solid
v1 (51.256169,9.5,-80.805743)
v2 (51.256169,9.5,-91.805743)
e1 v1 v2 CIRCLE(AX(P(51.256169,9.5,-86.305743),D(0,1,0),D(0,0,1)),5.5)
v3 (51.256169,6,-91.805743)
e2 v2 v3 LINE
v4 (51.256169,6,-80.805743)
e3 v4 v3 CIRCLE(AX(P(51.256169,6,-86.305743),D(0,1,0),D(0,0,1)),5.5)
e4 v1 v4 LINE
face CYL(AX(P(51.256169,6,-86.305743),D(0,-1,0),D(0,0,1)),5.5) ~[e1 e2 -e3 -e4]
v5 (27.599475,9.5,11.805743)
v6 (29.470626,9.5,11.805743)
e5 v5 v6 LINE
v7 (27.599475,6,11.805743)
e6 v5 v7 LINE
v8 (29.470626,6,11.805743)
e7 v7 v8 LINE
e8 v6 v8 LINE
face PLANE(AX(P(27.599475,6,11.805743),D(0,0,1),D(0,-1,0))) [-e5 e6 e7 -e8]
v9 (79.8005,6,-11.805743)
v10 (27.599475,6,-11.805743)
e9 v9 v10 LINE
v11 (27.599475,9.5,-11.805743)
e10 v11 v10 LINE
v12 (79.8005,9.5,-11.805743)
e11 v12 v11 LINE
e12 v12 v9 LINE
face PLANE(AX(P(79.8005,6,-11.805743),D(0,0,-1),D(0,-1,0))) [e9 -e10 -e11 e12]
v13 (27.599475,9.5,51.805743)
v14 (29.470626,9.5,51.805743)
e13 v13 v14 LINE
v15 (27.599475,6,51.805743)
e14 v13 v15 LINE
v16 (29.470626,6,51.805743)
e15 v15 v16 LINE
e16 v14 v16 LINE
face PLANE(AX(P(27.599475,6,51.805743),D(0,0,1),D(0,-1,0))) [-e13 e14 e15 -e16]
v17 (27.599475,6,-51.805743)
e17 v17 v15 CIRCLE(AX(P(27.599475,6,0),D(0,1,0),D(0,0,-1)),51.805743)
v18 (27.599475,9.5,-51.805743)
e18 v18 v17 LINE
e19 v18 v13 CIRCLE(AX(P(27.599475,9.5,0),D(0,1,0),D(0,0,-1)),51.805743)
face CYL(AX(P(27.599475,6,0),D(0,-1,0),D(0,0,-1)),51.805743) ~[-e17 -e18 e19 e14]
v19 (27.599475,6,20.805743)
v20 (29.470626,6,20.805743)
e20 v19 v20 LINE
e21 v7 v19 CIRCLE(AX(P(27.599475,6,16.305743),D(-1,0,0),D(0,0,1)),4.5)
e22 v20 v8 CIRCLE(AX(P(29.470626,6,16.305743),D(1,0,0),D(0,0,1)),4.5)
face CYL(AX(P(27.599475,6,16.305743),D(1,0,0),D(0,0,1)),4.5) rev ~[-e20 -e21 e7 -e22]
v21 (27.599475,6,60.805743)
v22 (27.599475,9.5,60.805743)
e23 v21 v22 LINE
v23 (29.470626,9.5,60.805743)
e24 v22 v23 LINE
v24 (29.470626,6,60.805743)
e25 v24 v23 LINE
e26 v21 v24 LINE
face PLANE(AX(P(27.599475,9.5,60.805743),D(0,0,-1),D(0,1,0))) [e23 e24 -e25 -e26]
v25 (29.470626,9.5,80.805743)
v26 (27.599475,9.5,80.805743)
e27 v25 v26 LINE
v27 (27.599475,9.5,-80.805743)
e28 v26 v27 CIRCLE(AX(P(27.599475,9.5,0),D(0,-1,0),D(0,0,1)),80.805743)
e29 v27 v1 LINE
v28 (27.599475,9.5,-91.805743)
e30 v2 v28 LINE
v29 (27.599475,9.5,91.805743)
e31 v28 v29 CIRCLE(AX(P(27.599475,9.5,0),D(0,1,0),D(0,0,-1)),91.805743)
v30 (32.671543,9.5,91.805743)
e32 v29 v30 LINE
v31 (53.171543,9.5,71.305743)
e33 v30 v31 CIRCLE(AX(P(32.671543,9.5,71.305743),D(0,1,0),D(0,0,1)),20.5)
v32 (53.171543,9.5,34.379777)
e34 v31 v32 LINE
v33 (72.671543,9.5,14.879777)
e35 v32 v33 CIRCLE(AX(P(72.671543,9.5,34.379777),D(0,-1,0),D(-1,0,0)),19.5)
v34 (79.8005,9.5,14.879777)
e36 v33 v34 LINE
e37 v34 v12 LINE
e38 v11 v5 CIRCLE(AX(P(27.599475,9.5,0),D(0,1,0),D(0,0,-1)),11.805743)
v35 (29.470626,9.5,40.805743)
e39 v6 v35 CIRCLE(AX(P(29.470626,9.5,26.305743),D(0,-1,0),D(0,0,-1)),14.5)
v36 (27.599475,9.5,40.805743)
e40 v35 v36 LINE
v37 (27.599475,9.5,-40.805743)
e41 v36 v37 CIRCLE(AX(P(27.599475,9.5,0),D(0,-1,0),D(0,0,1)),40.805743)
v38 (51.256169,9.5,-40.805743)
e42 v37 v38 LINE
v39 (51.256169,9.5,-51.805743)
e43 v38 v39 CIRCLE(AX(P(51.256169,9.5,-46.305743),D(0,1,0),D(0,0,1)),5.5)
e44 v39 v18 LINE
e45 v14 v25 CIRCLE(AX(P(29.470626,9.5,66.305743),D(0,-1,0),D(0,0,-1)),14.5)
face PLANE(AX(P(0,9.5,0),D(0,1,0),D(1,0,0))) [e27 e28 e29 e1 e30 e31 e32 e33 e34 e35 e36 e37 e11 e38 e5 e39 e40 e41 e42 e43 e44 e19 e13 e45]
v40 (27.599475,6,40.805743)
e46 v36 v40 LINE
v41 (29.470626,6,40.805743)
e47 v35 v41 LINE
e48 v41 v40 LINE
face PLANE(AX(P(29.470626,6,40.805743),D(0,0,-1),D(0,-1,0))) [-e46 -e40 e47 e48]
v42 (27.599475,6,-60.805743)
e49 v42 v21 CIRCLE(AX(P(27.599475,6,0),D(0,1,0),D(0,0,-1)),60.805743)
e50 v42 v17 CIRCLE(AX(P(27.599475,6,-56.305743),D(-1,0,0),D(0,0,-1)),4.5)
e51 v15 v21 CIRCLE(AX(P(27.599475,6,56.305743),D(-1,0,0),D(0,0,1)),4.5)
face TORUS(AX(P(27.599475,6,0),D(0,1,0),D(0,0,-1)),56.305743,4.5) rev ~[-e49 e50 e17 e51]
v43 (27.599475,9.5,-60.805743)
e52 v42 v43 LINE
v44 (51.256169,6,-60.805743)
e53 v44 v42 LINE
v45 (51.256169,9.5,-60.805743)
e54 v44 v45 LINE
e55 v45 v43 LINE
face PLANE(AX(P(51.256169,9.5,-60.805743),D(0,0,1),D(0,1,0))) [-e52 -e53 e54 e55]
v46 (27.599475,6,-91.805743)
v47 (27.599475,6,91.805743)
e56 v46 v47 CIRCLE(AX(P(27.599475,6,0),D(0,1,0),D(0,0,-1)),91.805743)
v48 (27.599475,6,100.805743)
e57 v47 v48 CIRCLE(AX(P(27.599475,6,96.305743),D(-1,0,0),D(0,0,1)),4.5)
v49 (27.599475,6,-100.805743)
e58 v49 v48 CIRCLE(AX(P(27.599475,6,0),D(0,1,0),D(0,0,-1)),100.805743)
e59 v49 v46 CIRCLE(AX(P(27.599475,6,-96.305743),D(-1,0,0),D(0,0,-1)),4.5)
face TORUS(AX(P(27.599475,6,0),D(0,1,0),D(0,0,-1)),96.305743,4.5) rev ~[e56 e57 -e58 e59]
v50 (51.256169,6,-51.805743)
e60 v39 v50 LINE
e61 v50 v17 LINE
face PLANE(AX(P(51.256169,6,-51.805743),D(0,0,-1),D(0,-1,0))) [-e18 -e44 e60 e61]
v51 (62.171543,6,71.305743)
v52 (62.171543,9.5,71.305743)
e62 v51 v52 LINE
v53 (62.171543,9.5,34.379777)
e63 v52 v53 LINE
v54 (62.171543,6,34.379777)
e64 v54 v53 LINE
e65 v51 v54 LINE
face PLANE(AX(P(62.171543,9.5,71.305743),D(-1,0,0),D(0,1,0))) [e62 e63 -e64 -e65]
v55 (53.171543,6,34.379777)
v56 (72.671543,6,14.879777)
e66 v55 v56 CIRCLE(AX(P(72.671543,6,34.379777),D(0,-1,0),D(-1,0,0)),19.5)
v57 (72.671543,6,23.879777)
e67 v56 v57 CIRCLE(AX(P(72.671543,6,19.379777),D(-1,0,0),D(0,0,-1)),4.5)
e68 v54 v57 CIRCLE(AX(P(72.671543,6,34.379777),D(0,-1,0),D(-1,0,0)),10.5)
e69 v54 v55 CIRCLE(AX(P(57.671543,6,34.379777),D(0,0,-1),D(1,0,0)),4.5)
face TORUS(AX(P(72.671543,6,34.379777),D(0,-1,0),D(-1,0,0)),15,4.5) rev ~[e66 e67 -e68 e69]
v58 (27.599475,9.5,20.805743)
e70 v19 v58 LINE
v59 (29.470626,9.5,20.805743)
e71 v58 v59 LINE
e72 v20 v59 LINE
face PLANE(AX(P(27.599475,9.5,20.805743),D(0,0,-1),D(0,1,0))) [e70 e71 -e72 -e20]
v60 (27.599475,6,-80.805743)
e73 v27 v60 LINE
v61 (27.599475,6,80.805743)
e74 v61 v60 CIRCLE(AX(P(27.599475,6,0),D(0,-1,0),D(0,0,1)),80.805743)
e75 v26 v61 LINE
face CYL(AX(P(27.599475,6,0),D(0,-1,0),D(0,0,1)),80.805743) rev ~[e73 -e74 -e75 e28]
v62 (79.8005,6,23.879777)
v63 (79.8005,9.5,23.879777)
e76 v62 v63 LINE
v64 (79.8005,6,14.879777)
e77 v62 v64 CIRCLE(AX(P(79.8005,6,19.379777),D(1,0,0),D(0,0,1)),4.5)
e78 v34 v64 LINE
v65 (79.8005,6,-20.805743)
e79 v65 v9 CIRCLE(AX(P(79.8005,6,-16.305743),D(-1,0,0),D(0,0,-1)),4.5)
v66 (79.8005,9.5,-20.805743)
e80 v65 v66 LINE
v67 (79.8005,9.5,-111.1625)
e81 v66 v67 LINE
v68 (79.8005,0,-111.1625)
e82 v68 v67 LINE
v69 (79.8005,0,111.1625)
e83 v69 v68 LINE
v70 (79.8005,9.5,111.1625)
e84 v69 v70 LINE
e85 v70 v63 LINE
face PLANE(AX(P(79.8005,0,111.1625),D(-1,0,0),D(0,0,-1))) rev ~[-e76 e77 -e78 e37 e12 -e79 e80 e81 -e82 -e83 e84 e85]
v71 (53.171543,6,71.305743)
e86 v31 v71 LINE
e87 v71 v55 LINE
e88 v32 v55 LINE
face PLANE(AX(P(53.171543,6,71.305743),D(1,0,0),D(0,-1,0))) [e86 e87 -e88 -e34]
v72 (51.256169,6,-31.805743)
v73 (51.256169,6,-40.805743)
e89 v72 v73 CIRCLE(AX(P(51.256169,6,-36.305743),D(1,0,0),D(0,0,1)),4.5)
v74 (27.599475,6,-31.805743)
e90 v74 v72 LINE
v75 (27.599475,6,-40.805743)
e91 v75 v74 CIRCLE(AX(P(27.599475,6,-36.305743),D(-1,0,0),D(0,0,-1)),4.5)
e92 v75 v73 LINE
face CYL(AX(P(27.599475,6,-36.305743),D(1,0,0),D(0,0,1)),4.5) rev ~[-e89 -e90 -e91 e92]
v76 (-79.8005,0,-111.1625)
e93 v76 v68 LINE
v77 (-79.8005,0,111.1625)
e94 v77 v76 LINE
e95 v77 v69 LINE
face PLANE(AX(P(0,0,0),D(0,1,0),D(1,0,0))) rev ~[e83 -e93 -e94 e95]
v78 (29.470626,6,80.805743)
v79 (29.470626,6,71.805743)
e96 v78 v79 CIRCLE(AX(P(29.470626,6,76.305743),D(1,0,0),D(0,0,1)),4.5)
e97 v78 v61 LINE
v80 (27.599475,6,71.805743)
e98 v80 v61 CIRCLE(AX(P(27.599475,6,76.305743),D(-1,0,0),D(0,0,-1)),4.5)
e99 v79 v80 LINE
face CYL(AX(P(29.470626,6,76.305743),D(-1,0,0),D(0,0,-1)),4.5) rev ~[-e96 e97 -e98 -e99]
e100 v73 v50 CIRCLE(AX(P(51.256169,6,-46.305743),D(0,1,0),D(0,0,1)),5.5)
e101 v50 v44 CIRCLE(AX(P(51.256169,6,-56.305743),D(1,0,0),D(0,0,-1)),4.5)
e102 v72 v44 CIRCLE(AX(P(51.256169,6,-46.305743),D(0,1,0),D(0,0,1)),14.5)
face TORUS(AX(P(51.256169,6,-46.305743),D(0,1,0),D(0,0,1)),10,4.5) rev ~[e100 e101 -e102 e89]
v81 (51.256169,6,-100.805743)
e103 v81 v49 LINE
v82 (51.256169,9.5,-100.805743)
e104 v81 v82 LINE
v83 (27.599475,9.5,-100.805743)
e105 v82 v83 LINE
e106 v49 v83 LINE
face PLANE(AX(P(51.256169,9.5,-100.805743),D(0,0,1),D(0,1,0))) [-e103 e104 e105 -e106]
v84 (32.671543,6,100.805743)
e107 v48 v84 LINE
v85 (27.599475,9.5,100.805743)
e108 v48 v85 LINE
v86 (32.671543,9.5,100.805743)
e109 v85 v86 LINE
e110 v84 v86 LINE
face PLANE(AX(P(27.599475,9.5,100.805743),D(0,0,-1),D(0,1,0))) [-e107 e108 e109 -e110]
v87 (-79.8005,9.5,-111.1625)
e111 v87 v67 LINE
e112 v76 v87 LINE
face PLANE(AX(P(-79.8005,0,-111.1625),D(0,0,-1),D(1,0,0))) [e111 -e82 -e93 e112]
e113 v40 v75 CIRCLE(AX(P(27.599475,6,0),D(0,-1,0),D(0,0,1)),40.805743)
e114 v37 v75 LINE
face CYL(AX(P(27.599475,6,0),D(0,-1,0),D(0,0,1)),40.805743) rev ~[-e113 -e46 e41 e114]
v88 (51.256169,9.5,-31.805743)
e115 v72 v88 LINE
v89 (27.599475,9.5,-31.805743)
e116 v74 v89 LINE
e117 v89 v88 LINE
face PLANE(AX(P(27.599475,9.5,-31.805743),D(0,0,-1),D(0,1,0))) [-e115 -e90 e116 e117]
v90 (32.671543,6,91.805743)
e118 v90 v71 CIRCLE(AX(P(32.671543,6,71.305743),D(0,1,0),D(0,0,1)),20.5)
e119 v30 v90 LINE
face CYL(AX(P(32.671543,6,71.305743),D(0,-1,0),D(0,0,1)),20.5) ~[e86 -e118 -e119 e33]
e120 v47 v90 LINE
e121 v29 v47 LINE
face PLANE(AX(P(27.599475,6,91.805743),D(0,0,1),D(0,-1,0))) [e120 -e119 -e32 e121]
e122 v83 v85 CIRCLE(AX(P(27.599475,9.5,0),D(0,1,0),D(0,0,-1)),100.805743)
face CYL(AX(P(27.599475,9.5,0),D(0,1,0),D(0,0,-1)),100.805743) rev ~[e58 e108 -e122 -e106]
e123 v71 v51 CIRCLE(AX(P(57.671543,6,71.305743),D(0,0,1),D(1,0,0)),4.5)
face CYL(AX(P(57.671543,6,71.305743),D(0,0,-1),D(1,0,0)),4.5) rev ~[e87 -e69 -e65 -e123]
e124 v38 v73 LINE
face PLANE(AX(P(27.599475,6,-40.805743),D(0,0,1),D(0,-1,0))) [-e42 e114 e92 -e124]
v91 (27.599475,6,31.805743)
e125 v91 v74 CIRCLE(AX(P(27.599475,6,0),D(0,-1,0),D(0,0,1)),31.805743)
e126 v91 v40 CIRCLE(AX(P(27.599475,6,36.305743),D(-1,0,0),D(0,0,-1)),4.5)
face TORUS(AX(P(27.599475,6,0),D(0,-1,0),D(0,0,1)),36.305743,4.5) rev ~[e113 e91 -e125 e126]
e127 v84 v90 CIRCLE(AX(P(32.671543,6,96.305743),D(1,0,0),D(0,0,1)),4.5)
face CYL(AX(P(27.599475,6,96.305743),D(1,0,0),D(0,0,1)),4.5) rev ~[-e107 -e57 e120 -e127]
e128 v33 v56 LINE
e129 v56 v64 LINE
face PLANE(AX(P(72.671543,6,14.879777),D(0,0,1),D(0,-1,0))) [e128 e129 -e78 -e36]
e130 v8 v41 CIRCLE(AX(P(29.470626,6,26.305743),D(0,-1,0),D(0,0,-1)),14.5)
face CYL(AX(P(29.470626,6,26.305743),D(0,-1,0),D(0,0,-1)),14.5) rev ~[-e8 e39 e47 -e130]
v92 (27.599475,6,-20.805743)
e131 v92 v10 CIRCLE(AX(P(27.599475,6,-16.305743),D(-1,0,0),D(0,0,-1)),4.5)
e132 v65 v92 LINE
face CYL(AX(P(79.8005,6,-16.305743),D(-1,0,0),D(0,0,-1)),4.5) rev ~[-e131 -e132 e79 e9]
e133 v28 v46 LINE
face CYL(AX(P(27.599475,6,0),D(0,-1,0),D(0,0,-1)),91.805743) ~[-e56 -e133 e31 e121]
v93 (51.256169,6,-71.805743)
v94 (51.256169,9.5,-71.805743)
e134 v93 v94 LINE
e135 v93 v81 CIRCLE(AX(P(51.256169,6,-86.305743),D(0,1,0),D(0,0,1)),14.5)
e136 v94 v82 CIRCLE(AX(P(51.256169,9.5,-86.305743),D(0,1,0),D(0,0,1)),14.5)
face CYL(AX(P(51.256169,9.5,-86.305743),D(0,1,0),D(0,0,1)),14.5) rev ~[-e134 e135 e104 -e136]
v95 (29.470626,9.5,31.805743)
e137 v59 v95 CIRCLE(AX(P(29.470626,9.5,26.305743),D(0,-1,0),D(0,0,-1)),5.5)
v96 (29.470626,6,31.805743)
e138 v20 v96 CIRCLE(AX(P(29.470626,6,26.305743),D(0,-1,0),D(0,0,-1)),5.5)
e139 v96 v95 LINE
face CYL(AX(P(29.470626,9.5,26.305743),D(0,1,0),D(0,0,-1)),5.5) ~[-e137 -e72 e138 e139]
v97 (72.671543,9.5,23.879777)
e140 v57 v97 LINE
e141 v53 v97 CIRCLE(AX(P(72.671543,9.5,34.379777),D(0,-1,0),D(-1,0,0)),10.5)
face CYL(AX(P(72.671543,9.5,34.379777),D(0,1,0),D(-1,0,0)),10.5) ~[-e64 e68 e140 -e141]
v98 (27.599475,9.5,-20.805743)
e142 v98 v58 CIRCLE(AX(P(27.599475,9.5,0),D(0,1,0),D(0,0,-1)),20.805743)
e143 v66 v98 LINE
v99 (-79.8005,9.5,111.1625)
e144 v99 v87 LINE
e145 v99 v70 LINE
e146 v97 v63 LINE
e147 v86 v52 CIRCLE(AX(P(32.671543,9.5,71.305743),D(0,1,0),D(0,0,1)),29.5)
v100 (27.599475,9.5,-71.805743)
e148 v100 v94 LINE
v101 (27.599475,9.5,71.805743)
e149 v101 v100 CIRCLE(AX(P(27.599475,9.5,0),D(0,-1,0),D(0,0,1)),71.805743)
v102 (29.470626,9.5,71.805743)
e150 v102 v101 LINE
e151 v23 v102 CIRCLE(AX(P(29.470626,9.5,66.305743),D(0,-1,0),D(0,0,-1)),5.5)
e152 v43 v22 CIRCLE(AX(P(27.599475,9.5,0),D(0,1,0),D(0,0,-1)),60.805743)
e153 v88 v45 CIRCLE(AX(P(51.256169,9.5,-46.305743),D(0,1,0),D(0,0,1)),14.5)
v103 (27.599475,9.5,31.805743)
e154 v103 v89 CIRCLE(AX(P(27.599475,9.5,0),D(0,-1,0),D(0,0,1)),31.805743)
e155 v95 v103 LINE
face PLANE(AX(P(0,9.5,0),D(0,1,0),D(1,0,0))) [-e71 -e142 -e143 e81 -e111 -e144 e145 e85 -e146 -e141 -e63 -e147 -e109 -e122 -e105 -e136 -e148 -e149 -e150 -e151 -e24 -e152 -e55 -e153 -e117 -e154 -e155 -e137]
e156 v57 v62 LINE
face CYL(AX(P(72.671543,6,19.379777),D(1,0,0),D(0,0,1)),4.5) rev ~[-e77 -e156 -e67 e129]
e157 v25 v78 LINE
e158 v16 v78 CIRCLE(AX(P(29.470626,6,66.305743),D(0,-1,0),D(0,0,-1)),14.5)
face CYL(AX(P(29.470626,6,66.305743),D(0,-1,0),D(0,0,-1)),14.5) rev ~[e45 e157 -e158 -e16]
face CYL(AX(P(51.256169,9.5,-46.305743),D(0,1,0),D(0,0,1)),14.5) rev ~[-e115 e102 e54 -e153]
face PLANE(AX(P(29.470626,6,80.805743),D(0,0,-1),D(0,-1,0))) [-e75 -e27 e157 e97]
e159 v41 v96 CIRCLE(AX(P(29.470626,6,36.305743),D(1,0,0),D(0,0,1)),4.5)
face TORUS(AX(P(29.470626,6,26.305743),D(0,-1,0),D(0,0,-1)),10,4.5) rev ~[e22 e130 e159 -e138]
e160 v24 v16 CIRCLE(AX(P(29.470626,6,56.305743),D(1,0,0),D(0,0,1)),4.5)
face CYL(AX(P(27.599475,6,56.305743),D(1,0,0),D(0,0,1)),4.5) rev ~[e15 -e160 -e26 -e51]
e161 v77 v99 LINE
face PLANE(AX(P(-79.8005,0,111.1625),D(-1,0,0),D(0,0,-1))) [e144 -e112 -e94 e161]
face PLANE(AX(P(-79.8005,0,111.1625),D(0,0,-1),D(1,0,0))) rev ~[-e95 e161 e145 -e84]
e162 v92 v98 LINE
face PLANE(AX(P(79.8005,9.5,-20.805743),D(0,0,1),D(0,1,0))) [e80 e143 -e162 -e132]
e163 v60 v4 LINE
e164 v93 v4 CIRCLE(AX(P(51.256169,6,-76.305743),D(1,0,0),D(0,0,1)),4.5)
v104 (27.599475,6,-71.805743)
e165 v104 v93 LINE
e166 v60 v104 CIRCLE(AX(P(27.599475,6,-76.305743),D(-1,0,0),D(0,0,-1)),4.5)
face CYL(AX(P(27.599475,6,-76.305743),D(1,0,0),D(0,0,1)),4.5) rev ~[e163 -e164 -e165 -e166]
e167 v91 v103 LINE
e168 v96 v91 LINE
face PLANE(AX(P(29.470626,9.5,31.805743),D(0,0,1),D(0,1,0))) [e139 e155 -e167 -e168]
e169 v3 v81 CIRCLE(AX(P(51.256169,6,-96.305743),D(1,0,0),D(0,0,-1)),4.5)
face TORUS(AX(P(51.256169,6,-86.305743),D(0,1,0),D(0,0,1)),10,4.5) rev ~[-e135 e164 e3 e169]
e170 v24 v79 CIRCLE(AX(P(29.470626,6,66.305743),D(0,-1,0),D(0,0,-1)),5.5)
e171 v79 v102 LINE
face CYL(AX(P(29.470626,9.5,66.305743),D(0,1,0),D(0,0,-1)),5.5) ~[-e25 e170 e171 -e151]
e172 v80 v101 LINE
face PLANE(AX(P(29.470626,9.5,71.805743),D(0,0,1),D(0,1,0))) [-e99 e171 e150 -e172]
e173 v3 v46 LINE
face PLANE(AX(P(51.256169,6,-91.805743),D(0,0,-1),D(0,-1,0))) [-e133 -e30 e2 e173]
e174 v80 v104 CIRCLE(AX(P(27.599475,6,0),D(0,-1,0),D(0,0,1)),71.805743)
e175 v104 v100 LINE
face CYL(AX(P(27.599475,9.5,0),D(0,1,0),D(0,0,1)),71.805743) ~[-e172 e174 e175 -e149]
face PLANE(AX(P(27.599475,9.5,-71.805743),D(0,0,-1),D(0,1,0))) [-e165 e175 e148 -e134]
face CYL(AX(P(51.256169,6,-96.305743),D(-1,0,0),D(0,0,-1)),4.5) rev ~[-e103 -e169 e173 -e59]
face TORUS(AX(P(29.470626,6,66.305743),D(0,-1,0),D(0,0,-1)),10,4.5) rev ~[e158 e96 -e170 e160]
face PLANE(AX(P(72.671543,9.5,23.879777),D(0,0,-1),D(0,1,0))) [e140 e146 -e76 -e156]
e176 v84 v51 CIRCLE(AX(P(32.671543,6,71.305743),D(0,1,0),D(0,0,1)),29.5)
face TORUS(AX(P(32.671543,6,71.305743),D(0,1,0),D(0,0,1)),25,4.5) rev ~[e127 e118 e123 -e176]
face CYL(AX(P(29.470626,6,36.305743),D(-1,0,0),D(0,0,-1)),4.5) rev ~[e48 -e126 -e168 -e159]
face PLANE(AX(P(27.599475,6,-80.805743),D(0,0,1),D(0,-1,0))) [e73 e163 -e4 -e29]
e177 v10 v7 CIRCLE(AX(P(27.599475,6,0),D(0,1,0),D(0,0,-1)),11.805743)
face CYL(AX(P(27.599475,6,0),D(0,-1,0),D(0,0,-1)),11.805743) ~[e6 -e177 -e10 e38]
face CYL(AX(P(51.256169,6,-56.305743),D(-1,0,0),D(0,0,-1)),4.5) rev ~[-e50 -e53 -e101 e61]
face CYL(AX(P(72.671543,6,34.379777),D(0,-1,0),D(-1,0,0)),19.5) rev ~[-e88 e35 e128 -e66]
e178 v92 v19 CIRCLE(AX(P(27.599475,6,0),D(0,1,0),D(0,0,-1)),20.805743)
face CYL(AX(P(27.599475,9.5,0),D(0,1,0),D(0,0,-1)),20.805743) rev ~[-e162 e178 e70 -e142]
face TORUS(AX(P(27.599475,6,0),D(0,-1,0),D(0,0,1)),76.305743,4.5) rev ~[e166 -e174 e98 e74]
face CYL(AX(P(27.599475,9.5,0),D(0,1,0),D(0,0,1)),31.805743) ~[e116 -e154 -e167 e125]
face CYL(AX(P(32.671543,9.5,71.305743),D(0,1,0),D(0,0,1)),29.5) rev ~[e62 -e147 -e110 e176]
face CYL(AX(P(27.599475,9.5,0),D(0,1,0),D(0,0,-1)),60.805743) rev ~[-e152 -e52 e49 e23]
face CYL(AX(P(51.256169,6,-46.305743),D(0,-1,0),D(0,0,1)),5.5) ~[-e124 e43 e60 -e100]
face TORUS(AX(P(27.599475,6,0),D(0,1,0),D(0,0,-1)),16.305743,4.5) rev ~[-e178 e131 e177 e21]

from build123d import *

# Parameters (mm, degrees)
SKETCH1_W           = 159.601
SKETCH1_H           = 222.325
BOSS_EXTRUDE1_DEPTH = 9.5


with BuildPart() as part:
    # Sketch1 → Boss-Extrude1 (new body)
    with BuildSketch(Plane(origin=(0, 0, 0), x_dir=(1, 0, 0), z_dir=(0, 1, 0))):
        Rectangle(SKETCH1_W, SKETCH1_H)
    extrude(amount=BOSS_EXTRUDE1_DEPTH)

    # Cut-Sweep1: sweep along a path in Sketch3
    with BuildLine(Plane(origin=(0, 9.5, 0), x_dir=(1, 0, 0), z_dir=(0, 1, 0))) as cut_sweep1_path:
        Line((79.8005, 16.305743326), (27.599475384, 16.305743326))
        ThreePointArc((27.599475384, 16.305743326), (11.293732058, 0), (27.599475384, -16.305743326))
        Line((27.599475384, -16.305743326), (29.470626257, -16.305743326))
        ThreePointArc((29.470626257, -16.305743326), (39.470626257, -26.305743326), (29.470626257, -36.305743326))
        Line((29.470626257, -36.305743326), (27.599475384, -36.305743326))
        ThreePointArc((27.599475384, -36.305743326), (-8.706267942, 0), (27.599475384, 36.305743326))
        Line((27.599475384, 36.305743326), (51.25616857, 36.305743326))
        ThreePointArc((51.25616857, 36.305743326), (61.25616857, 46.305743326), (51.25616857, 56.305743326))
        Line((51.25616857, 56.305743326), (27.599475384, 56.305743326))
        ThreePointArc((27.599475384, 56.305743326), (-28.706267942, 0), (27.599475384, -56.305743326))
        Line((27.599475384, -56.305743326), (29.470626257, -56.305743326))
        ThreePointArc((29.470626257, -56.305743326), (39.470626257, -66.305743326), (29.470626257, -76.305743326))
        Line((29.470626257, -76.305743326), (27.599475384, -76.305743326))
        ThreePointArc((27.599475384, -76.305743326), (-48.706267942, 0), (27.599475384, 76.305743326))
        Line((27.599475384, 76.305743326), (51.25616857, 76.305743326))
        ThreePointArc((51.25616857, 76.305743326), (61.25616857, 86.305743326), (51.25616857, 96.305743326))
        Line((51.25616857, 96.305743326), (27.599475384, 96.305743326))
        ThreePointArc((27.599475384, 96.305743326), (-68.706267942, 0), (27.599475384, -96.305743326))
        Line((27.599475384, -96.305743326), (32.671542994, -96.305743326))
        ThreePointArc((32.671542994, -96.305743326), (50.349212523, -88.983412856), (57.671542994, -71.305743326))
        Line((57.671542994, -71.305743326), (57.671542994, -34.379776904))
        ThreePointArc((57.671542994, -34.379776904), (62.064941276, -23.773175186), (72.671542994, -19.379776904))
        Line((72.671542994, -19.379776904), (79.8005, -19.379776904))
    # Sketch4 → Cut-Sweep1 (sweep, cut)
    with BuildSketch(Plane(origin=(79.8005, 0, 0), x_dir=(0, 0, -1), z_dir=(1, 0, 0))):
        with BuildLine():
            Line((11.805743326, 9.5), (20.805743326, 9.5))
            Line((20.805743326, 9.5), (20.805743326, 6))
            ThreePointArc((20.805743326, 6), (16.305743326, 1.5), (11.805743326, 6))
            Line((11.805743326, 6), (11.805743326, 9.5))
        make_face()
    sweep(path=cut_sweep1_path.line, mode=Mode.SUBTRACT)


solid = part.part
